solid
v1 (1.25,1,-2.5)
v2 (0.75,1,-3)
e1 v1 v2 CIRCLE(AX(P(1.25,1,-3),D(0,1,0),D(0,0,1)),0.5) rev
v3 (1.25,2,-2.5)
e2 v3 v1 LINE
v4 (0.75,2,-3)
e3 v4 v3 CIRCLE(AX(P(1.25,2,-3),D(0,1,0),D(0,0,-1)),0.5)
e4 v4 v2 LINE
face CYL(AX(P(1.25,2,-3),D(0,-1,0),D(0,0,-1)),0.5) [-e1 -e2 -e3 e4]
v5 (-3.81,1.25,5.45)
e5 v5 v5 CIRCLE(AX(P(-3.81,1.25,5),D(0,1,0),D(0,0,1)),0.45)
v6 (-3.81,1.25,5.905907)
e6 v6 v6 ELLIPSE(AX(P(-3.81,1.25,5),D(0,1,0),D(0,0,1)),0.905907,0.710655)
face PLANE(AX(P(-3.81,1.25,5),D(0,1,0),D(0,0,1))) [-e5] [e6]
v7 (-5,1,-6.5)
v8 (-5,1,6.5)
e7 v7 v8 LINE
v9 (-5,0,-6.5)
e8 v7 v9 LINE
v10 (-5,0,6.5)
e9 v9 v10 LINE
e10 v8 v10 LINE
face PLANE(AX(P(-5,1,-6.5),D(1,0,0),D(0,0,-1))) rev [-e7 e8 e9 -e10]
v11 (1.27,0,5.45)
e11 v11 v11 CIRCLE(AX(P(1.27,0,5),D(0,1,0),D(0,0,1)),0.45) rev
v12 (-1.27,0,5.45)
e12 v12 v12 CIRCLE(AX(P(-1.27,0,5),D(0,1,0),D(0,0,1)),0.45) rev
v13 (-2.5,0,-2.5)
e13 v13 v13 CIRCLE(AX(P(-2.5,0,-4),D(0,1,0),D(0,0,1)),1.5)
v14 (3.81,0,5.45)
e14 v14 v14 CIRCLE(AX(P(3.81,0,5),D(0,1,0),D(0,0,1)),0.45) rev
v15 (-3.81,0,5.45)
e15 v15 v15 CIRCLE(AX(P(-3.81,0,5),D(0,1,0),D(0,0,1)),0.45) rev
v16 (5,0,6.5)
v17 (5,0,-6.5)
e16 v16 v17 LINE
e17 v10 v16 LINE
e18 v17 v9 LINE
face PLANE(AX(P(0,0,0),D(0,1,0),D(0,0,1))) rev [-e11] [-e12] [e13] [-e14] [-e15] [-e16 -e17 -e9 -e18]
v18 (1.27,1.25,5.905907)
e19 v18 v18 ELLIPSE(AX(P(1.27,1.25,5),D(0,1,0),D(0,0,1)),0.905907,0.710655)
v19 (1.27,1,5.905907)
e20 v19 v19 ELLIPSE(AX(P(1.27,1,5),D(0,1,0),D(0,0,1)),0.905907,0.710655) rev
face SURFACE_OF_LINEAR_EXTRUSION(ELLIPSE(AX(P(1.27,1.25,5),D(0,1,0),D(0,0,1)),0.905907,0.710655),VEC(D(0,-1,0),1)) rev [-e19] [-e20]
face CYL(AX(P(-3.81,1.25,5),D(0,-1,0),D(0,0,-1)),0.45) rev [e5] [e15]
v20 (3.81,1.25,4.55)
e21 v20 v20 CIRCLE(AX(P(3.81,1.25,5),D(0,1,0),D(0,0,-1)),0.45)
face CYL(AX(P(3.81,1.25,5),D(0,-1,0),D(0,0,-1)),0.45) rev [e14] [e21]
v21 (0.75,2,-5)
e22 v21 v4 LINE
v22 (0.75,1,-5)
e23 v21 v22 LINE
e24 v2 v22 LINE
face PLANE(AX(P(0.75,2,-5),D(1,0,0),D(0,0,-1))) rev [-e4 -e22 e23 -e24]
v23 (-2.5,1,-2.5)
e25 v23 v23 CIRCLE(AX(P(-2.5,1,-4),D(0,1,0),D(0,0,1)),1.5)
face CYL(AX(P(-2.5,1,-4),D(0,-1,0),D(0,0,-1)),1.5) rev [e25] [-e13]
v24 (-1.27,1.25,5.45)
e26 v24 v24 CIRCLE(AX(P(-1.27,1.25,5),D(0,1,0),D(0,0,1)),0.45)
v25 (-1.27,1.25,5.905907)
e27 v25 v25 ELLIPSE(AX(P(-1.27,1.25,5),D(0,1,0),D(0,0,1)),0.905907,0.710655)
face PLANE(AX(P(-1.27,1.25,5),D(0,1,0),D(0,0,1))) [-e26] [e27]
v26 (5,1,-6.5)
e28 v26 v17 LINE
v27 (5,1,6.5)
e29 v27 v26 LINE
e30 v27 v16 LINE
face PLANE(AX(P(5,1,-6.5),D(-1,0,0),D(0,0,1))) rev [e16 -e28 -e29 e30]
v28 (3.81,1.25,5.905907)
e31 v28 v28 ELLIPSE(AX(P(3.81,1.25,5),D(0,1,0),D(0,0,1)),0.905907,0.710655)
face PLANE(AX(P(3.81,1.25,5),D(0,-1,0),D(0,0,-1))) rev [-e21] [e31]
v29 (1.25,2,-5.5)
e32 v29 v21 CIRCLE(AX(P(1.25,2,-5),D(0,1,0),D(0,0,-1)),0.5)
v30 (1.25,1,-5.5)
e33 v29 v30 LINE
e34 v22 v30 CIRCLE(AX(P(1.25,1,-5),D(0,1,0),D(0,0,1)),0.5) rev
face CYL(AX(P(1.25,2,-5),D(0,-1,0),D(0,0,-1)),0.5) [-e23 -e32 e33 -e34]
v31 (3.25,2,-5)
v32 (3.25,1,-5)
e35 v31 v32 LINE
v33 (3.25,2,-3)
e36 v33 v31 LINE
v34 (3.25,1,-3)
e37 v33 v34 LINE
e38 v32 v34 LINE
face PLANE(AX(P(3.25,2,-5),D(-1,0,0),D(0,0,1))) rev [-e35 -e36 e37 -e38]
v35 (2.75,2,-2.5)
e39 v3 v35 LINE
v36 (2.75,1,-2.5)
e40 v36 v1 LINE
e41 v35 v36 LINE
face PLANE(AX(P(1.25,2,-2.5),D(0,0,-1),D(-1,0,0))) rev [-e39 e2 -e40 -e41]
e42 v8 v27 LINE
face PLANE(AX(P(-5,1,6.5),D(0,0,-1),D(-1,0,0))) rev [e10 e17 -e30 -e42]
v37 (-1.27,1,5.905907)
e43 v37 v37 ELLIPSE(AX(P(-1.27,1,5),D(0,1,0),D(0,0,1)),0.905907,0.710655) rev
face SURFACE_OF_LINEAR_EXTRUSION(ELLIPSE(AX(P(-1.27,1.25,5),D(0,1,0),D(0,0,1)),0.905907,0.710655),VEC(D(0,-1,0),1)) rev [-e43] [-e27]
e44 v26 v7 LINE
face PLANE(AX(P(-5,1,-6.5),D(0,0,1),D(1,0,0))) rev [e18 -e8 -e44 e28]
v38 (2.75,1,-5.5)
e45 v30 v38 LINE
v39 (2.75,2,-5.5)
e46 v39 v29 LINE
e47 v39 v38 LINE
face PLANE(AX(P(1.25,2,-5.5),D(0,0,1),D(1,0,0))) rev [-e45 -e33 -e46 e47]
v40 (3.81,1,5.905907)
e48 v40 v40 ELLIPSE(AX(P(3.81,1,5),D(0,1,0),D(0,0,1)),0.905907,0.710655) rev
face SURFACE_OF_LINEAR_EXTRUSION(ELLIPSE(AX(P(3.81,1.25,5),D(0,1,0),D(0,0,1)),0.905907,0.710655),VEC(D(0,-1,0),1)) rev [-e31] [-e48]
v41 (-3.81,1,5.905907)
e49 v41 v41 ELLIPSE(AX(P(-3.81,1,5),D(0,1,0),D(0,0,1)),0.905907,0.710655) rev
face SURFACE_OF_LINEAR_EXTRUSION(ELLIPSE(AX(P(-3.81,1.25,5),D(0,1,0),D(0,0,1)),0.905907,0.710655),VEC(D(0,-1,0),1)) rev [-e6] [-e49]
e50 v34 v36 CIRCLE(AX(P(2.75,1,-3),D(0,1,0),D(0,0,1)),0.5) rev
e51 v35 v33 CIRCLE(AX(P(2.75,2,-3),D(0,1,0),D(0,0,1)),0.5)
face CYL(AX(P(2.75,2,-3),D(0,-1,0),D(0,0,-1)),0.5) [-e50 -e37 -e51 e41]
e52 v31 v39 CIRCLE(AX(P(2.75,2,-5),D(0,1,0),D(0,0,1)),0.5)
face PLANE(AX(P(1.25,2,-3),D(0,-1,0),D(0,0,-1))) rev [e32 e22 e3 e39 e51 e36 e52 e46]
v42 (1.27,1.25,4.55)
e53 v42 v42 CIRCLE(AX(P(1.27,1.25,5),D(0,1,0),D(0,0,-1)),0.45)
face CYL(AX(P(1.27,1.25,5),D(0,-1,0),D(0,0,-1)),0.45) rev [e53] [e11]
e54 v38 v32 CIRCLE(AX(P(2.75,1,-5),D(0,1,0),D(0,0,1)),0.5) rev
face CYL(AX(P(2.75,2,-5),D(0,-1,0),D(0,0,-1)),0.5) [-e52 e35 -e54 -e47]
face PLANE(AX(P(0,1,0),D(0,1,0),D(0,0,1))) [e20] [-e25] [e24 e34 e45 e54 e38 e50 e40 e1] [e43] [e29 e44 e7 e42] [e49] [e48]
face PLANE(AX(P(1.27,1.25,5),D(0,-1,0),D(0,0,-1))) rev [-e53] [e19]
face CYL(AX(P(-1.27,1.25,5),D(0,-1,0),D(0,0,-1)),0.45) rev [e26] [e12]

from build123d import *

# Parameters (mm, degrees)
SKETCH1_W               = 10
SKETCH1_H               = 13
SKETCH1_R               = 1.5
BOSS_EXTRUDE1_DEPTH     = 1
BOSS_EXTRUDE2_DEPTH     = 2
SKETCH3_RX              = 0.905906642
SKETCH3_RY              = 0.710654866
SKETCH3_R               = 0.45
BOSS_EXTRUDE3_DEPTH     = 1.25
SKETCH4_R               = 0.45
CUT_EXTRUDE1_DEPTH      = 3
CUT_EXTRUDE1_DEPTH_BACK = 2


with BuildPart() as part:
    # Sketch1 → Boss-Extrude1 (new body)
    with BuildSketch(Plane(origin=(0, 0, 0), x_dir=(1, 0, 0), z_dir=(0, 1, 0))):
        Rectangle(SKETCH1_W, SKETCH1_H)
        with Locations((-2.5, 4)):
            Circle(SKETCH1_R, mode=Mode.SUBTRACT)
    extrude(amount=BOSS_EXTRUDE1_DEPTH)

    # Sketch2 → Boss-Extrude2 (add)
    with BuildSketch(Plane(origin=(0, 0, 0), x_dir=(1, 0, 0), z_dir=(0, 1, 0))):
        with BuildLine():
            Line((1.25, 5.5), (2.75, 5.5))
            ThreePointArc((2.75, 5.5), (3.103553391, 5.353553391), (3.25, 5))
            Line((3.25, 5), (3.25, 3))
            ThreePointArc((3.25, 3), (3.103553391, 2.646446609), (2.75, 2.5))
            Line((2.75, 2.5), (1.25, 2.5))
            ThreePointArc((1.25, 2.5), (0.896446609, 2.646446609), (0.75, 3))
            Line((0.75, 3), (0.75, 5))
            ThreePointArc((0.75, 5), (0.896446609, 5.353553391), (1.25, 5.5))
        make_face()
    extrude(amount=BOSS_EXTRUDE2_DEPTH)

    # Sketch3 → Boss-Extrude3 (add)
    with BuildSketch(Plane(origin=(0, 0, 0), x_dir=(1, 0, 0), z_dir=(0, 1, 0))):
        with Locations(Location((-1.27, -5), (0, 0, -90))):
            Ellipse(SKETCH3_RX, SKETCH3_RY)
        with Locations((-1.27, -5)):
            Circle(SKETCH3_R, mode=Mode.SUBTRACT)
        with Locations(Location((-3.81, -5), (0, 0, -90))):
            Ellipse(SKETCH3_RX, SKETCH3_RY)
        with Locations((-3.81, -5)):
            Circle(SKETCH3_R, mode=Mode.SUBTRACT)
        with Locations(Location((3.81, -5), (0, 0, -90))):
            Ellipse(SKETCH3_RX, SKETCH3_RY)
        with Locations((3.81, -5)):
            Circle(SKETCH3_R, mode=Mode.SUBTRACT)
        with Locations(Location((1.27, -5), (0, 0, -90))):
            Ellipse(SKETCH3_RX, SKETCH3_RY)
        with Locations((1.27, -5)):
            Circle(SKETCH3_R, mode=Mode.SUBTRACT)
    extrude(amount=BOSS_EXTRUDE3_DEPTH)

    # Sketch4 → Cut-Extrude1 (cut, two sides)
    with BuildSketch(Plane(origin=(0, 0, 0), x_dir=(1, 0, 0), z_dir=(0, 1, 0))) as cut_extrude1_sk:
        with Locations((-3.81, -5)):
            Circle(SKETCH4_R)
        with Locations((-1.27, -5)):
            Circle(SKETCH4_R)
        with Locations((1.27, -5)):
            Circle(SKETCH4_R)
        with Locations((3.81, -5)):
            Circle(SKETCH4_R)
    extrude(amount=CUT_EXTRUDE1_DEPTH, mode=Mode.SUBTRACT)
    extrude(cut_extrude1_sk.sketch, amount=-CUT_EXTRUDE1_DEPTH_BACK, mode=Mode.SUBTRACT)


solid = part.part
